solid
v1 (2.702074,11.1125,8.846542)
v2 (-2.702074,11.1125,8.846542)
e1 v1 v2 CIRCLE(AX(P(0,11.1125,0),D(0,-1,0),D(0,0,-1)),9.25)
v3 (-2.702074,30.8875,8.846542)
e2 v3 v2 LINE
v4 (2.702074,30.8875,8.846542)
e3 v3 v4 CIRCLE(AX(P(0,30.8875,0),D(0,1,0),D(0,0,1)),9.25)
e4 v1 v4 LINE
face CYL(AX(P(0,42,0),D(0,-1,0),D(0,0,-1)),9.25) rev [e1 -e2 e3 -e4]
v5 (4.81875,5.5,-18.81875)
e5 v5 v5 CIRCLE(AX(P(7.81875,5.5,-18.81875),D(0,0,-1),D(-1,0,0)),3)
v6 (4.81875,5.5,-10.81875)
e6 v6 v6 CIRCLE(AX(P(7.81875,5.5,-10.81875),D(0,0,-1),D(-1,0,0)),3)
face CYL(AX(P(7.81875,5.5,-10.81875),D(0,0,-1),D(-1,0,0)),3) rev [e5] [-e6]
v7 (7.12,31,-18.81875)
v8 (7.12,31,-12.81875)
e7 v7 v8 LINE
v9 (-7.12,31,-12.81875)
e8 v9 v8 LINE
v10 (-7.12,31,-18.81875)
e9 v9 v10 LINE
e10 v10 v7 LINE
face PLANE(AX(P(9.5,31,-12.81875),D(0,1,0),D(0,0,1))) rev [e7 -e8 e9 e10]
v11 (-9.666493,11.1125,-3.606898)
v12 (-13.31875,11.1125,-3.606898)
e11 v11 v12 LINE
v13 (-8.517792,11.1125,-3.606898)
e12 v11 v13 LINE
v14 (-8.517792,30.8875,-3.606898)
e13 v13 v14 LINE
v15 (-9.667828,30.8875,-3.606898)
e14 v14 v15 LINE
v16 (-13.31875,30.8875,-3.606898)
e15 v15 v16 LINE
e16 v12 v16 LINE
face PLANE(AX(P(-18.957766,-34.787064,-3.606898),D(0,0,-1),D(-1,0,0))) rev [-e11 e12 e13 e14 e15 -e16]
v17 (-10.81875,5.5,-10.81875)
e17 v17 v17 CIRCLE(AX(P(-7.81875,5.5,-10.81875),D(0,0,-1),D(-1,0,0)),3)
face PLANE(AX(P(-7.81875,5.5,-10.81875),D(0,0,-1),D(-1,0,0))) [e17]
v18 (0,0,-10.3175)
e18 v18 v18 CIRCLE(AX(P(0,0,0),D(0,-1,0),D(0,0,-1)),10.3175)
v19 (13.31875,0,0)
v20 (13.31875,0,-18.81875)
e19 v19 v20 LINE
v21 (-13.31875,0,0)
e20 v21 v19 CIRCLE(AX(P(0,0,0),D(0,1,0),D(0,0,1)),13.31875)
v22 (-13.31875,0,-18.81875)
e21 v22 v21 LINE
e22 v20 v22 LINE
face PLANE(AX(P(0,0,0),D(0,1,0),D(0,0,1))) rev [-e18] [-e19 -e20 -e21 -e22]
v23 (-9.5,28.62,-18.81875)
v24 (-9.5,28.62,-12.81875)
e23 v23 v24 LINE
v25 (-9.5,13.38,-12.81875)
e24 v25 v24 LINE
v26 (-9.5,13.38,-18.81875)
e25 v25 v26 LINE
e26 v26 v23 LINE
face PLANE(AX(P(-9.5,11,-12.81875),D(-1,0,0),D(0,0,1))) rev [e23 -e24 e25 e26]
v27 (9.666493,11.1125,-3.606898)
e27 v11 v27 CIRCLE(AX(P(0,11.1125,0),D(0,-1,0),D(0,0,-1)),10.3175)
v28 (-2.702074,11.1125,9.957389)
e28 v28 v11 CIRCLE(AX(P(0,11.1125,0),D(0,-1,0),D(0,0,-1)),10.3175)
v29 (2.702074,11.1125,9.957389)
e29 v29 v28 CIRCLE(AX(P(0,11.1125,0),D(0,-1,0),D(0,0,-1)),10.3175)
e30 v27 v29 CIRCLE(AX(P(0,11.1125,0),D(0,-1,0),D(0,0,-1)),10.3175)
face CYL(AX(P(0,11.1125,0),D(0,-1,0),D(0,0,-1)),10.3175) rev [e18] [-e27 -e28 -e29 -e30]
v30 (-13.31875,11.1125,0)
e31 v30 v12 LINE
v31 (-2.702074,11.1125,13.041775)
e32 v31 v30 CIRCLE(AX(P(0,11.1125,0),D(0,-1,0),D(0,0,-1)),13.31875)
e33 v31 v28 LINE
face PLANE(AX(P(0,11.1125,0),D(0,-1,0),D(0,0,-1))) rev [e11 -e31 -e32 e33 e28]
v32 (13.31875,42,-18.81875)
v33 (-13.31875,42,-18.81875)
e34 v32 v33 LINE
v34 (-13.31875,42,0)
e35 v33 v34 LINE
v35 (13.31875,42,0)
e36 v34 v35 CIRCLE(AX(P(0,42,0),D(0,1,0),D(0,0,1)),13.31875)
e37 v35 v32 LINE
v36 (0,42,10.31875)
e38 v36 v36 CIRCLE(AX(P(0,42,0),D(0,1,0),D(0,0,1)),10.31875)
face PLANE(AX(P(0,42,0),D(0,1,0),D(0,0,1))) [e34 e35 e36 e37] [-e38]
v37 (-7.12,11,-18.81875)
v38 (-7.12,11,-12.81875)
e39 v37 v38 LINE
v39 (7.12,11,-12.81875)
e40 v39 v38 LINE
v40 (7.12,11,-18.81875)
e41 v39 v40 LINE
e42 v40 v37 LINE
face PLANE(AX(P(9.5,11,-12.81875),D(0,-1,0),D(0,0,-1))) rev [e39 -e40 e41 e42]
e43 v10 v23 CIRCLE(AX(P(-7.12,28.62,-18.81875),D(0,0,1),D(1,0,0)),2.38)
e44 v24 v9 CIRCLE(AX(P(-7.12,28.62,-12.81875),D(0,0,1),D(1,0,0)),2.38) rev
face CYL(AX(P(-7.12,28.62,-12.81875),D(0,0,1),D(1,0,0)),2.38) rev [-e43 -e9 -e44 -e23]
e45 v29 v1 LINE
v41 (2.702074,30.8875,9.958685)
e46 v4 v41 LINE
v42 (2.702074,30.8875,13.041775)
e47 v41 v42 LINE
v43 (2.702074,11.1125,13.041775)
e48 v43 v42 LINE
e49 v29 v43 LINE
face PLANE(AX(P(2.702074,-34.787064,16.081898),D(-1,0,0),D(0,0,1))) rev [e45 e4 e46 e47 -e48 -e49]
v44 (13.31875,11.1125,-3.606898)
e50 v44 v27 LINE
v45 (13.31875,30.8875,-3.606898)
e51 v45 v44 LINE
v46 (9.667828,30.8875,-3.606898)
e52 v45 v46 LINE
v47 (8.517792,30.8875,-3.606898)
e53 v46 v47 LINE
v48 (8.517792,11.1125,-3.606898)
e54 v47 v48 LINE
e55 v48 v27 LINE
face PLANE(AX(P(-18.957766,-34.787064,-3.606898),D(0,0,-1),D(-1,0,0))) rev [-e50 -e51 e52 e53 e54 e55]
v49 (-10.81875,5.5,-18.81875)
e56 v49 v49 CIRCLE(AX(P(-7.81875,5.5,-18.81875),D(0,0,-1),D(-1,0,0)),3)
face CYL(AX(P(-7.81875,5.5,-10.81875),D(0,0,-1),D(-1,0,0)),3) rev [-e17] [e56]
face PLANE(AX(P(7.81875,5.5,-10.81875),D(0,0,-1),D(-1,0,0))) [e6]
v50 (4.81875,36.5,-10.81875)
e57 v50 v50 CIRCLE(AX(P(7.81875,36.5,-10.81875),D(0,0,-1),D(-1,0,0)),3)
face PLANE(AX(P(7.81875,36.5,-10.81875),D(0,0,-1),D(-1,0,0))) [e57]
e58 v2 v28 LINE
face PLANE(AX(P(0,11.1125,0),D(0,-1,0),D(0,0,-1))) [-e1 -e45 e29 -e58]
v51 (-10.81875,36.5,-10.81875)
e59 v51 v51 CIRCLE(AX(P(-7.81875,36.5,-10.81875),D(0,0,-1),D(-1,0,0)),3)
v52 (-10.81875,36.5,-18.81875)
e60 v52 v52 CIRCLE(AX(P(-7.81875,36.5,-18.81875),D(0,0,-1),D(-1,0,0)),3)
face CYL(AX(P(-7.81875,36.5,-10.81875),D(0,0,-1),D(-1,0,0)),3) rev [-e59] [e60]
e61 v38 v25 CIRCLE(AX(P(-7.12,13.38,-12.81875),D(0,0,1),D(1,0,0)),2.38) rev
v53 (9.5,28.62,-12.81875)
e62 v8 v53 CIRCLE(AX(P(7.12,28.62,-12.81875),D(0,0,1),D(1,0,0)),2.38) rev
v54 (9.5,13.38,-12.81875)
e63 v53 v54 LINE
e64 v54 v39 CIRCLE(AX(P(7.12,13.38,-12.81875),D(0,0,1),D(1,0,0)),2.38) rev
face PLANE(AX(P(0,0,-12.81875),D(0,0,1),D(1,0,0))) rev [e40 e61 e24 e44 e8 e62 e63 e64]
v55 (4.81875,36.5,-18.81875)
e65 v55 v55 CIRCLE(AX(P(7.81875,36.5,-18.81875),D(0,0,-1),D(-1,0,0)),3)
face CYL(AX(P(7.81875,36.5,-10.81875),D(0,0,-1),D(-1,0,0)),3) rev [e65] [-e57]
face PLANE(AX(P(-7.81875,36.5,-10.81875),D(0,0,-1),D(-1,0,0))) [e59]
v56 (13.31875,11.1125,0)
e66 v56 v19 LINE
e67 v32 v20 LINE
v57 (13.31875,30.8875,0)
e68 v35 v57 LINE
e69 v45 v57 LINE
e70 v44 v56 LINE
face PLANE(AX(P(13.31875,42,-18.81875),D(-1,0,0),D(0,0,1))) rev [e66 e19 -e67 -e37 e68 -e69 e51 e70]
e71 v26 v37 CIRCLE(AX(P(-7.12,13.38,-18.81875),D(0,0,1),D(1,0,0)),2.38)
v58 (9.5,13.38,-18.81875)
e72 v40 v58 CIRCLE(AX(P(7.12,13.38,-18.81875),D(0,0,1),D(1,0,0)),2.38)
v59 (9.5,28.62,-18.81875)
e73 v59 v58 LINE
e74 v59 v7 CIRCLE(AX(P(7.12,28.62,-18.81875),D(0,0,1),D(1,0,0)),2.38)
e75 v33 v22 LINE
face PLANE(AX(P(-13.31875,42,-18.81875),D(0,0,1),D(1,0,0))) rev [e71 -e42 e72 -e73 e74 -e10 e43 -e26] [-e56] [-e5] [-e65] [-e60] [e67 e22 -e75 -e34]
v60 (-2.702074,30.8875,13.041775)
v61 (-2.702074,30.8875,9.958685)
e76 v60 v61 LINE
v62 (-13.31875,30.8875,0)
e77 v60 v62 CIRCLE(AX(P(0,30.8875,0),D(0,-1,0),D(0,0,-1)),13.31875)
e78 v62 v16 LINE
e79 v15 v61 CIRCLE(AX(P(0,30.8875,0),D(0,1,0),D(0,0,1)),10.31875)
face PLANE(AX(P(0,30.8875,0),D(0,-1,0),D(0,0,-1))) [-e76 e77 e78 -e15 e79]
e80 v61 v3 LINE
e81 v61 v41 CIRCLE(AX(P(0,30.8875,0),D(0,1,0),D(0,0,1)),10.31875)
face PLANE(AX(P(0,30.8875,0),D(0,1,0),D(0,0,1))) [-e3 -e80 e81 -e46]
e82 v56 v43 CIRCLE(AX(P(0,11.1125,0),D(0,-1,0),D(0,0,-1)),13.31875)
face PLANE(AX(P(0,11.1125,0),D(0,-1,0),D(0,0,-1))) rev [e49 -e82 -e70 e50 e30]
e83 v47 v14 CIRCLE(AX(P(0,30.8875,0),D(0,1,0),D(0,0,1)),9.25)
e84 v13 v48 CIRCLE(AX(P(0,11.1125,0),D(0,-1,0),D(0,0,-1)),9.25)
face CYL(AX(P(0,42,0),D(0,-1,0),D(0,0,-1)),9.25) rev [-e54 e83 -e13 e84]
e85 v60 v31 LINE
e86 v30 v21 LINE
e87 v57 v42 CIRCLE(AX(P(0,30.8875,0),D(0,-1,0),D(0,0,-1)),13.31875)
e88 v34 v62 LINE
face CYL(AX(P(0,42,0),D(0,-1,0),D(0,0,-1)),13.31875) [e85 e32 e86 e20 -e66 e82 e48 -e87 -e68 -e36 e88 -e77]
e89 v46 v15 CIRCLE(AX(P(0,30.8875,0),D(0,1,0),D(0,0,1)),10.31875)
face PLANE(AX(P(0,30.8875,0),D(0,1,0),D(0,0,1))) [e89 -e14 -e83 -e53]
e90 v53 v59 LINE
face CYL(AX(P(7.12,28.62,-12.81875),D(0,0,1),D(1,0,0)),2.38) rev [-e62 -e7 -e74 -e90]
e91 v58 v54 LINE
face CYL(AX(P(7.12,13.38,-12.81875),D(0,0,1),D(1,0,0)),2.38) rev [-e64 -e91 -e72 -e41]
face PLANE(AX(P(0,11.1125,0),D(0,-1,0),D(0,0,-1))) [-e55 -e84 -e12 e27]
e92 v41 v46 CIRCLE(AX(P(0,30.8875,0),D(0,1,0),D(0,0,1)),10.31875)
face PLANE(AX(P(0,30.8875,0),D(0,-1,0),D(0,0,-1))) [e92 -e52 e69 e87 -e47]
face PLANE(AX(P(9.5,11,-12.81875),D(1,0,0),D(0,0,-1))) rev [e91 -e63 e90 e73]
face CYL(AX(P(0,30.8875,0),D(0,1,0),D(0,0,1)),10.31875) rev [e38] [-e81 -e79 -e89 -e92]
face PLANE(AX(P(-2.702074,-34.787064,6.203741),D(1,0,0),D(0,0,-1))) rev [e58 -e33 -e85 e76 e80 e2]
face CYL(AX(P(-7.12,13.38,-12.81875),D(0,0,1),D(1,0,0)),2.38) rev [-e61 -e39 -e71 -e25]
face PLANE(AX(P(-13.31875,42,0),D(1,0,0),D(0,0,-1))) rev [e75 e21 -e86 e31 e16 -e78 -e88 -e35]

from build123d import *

# Parameters (mm, degrees)
SKETCH1_R           = 9.25
BOSS_EXTRUDE1_DEPTH = 42
SKETCH2_R           = 10.31875
CUT_EXTRUDE1_DEPTH  = 11.1125
SKETCH3_R           = 10.3175
CUT_EXTRUDE2_DEPTH  = 11.1125
CUT_EXTRUDE3_DEPTH  = 19.775
SKETCH5_R           = 3
CUT_EXTRUDE4_DEPTH  = 8
SKETCH6_W           = 19
SKETCH6_H           = 20
CUT_EXTRUDE5_DEPTH  = 6
FILLET1_R           = 2.38


with BuildPart() as part:
    # Sketch1 → Boss-Extrude1 (new body)
    with BuildSketch(Plane(origin=(0, 0, 0), x_dir=(1, 0, 0), z_dir=(0, 1, 0))):
        with BuildLine():
            Line((-13.31875, 0), (-13.31875, 13.31875))
            Line((-13.31875, 13.31875), (-13.31875, 17.81875))
            Line((-13.31875, 17.81875), (-13.31875, 18.81875))
            Line((-13.31875, 18.81875), (13.31875, 18.81875))
            Line((13.31875, 18.81875), (13.31875, 17.81875))
            Line((13.31875, 17.81875), (13.31875, 13.31875))
            Line((13.31875, 13.31875), (13.31875, 0))
            ThreePointArc((13.31875, 0), (0, -13.31875), (-13.31875, 0))
        make_face()
        with Locations(Location((0, 0, 0), (0, 0, 90))):
            Circle(SKETCH1_R, mode=Mode.SUBTRACT)
    extrude(amount=BOSS_EXTRUDE1_DEPTH)

    # Sketch2 → Cut-Extrude1 (cut)
    with BuildSketch(Plane(origin=(0, 42, 0), x_dir=(1, 0, 0), z_dir=(0, 1, 0))):
        with Locations(Location((0, 0, 0), (0, 0, 270))):
            Circle(SKETCH2_R)
    extrude(amount=-CUT_EXTRUDE1_DEPTH, mode=Mode.SUBTRACT)

    # Sketch3 → Cut-Extrude2 (cut)
    with BuildSketch(Plane.XZ):
        with Locations(Location((0, 0, 0), (0, 0, 270))):
            Circle(SKETCH3_R)
    extrude(amount=-CUT_EXTRUDE2_DEPTH, mode=Mode.SUBTRACT)

    # Sketch4 → Cut-Extrude3 (cut)
    with BuildSketch(Plane(origin=(0, 30.8875, 0), x_dir=(1, 0, 0), z_dir=(0, 1, 0))):
        Polygon((2.702073717, -6.203740676), (-2.702073717, -6.203740676), (-2.702073717, -16.08189807), (-18.957765954, -16.08189807), (-18.957765954, 3.606897718), (22.504521647, 3.606897718), (22.504521647, -16.08189807), (2.702073717, -16.08189807), align=None)
    extrude(amount=-CUT_EXTRUDE3_DEPTH, mode=Mode.SUBTRACT)

    # Sketch5 → Cut-Extrude4 (cut)
    with BuildSketch(Plane(origin=(0, 0, -18.81875), x_dir=(-1, 0, 0), z_dir=(0, 0, -1))):
        with Locations((-7.81875, 5.5)):
            Circle(SKETCH5_R)
        with Locations((7.81875, 5.5)):
            Circle(SKETCH5_R)
        with Locations((7.81875, 36.5)):
            Circle(SKETCH5_R)
        with Locations((-7.81875, 36.5)):
            Circle(SKETCH5_R)
    extrude(amount=-CUT_EXTRUDE4_DEPTH, mode=Mode.SUBTRACT)

    # Sketch6 → Cut-Extrude5 (cut)
    with BuildSketch(Plane(origin=(0, 0, -18.81875), x_dir=(-1, 0, 0), z_dir=(0, 0, -1))):
        with Locations((0, 21)):
            Rectangle(SKETCH6_W, SKETCH6_H)
    extrude(amount=-CUT_EXTRUDE5_DEPTH, mode=Mode.SUBTRACT)

    # Fillet1
    fillet1_edges = [part.edges().sort_by_distance(p)[0] for p in [
        (-9.5, 31, -15.81875),
        (-9.5, 11, -15.81875),
        (9.5, 11, -15.81875),
        (9.5, 31, -15.81875),
    ]]
    fillet(fillet1_edges, radius=FILLET1_R)


solid = part.part
